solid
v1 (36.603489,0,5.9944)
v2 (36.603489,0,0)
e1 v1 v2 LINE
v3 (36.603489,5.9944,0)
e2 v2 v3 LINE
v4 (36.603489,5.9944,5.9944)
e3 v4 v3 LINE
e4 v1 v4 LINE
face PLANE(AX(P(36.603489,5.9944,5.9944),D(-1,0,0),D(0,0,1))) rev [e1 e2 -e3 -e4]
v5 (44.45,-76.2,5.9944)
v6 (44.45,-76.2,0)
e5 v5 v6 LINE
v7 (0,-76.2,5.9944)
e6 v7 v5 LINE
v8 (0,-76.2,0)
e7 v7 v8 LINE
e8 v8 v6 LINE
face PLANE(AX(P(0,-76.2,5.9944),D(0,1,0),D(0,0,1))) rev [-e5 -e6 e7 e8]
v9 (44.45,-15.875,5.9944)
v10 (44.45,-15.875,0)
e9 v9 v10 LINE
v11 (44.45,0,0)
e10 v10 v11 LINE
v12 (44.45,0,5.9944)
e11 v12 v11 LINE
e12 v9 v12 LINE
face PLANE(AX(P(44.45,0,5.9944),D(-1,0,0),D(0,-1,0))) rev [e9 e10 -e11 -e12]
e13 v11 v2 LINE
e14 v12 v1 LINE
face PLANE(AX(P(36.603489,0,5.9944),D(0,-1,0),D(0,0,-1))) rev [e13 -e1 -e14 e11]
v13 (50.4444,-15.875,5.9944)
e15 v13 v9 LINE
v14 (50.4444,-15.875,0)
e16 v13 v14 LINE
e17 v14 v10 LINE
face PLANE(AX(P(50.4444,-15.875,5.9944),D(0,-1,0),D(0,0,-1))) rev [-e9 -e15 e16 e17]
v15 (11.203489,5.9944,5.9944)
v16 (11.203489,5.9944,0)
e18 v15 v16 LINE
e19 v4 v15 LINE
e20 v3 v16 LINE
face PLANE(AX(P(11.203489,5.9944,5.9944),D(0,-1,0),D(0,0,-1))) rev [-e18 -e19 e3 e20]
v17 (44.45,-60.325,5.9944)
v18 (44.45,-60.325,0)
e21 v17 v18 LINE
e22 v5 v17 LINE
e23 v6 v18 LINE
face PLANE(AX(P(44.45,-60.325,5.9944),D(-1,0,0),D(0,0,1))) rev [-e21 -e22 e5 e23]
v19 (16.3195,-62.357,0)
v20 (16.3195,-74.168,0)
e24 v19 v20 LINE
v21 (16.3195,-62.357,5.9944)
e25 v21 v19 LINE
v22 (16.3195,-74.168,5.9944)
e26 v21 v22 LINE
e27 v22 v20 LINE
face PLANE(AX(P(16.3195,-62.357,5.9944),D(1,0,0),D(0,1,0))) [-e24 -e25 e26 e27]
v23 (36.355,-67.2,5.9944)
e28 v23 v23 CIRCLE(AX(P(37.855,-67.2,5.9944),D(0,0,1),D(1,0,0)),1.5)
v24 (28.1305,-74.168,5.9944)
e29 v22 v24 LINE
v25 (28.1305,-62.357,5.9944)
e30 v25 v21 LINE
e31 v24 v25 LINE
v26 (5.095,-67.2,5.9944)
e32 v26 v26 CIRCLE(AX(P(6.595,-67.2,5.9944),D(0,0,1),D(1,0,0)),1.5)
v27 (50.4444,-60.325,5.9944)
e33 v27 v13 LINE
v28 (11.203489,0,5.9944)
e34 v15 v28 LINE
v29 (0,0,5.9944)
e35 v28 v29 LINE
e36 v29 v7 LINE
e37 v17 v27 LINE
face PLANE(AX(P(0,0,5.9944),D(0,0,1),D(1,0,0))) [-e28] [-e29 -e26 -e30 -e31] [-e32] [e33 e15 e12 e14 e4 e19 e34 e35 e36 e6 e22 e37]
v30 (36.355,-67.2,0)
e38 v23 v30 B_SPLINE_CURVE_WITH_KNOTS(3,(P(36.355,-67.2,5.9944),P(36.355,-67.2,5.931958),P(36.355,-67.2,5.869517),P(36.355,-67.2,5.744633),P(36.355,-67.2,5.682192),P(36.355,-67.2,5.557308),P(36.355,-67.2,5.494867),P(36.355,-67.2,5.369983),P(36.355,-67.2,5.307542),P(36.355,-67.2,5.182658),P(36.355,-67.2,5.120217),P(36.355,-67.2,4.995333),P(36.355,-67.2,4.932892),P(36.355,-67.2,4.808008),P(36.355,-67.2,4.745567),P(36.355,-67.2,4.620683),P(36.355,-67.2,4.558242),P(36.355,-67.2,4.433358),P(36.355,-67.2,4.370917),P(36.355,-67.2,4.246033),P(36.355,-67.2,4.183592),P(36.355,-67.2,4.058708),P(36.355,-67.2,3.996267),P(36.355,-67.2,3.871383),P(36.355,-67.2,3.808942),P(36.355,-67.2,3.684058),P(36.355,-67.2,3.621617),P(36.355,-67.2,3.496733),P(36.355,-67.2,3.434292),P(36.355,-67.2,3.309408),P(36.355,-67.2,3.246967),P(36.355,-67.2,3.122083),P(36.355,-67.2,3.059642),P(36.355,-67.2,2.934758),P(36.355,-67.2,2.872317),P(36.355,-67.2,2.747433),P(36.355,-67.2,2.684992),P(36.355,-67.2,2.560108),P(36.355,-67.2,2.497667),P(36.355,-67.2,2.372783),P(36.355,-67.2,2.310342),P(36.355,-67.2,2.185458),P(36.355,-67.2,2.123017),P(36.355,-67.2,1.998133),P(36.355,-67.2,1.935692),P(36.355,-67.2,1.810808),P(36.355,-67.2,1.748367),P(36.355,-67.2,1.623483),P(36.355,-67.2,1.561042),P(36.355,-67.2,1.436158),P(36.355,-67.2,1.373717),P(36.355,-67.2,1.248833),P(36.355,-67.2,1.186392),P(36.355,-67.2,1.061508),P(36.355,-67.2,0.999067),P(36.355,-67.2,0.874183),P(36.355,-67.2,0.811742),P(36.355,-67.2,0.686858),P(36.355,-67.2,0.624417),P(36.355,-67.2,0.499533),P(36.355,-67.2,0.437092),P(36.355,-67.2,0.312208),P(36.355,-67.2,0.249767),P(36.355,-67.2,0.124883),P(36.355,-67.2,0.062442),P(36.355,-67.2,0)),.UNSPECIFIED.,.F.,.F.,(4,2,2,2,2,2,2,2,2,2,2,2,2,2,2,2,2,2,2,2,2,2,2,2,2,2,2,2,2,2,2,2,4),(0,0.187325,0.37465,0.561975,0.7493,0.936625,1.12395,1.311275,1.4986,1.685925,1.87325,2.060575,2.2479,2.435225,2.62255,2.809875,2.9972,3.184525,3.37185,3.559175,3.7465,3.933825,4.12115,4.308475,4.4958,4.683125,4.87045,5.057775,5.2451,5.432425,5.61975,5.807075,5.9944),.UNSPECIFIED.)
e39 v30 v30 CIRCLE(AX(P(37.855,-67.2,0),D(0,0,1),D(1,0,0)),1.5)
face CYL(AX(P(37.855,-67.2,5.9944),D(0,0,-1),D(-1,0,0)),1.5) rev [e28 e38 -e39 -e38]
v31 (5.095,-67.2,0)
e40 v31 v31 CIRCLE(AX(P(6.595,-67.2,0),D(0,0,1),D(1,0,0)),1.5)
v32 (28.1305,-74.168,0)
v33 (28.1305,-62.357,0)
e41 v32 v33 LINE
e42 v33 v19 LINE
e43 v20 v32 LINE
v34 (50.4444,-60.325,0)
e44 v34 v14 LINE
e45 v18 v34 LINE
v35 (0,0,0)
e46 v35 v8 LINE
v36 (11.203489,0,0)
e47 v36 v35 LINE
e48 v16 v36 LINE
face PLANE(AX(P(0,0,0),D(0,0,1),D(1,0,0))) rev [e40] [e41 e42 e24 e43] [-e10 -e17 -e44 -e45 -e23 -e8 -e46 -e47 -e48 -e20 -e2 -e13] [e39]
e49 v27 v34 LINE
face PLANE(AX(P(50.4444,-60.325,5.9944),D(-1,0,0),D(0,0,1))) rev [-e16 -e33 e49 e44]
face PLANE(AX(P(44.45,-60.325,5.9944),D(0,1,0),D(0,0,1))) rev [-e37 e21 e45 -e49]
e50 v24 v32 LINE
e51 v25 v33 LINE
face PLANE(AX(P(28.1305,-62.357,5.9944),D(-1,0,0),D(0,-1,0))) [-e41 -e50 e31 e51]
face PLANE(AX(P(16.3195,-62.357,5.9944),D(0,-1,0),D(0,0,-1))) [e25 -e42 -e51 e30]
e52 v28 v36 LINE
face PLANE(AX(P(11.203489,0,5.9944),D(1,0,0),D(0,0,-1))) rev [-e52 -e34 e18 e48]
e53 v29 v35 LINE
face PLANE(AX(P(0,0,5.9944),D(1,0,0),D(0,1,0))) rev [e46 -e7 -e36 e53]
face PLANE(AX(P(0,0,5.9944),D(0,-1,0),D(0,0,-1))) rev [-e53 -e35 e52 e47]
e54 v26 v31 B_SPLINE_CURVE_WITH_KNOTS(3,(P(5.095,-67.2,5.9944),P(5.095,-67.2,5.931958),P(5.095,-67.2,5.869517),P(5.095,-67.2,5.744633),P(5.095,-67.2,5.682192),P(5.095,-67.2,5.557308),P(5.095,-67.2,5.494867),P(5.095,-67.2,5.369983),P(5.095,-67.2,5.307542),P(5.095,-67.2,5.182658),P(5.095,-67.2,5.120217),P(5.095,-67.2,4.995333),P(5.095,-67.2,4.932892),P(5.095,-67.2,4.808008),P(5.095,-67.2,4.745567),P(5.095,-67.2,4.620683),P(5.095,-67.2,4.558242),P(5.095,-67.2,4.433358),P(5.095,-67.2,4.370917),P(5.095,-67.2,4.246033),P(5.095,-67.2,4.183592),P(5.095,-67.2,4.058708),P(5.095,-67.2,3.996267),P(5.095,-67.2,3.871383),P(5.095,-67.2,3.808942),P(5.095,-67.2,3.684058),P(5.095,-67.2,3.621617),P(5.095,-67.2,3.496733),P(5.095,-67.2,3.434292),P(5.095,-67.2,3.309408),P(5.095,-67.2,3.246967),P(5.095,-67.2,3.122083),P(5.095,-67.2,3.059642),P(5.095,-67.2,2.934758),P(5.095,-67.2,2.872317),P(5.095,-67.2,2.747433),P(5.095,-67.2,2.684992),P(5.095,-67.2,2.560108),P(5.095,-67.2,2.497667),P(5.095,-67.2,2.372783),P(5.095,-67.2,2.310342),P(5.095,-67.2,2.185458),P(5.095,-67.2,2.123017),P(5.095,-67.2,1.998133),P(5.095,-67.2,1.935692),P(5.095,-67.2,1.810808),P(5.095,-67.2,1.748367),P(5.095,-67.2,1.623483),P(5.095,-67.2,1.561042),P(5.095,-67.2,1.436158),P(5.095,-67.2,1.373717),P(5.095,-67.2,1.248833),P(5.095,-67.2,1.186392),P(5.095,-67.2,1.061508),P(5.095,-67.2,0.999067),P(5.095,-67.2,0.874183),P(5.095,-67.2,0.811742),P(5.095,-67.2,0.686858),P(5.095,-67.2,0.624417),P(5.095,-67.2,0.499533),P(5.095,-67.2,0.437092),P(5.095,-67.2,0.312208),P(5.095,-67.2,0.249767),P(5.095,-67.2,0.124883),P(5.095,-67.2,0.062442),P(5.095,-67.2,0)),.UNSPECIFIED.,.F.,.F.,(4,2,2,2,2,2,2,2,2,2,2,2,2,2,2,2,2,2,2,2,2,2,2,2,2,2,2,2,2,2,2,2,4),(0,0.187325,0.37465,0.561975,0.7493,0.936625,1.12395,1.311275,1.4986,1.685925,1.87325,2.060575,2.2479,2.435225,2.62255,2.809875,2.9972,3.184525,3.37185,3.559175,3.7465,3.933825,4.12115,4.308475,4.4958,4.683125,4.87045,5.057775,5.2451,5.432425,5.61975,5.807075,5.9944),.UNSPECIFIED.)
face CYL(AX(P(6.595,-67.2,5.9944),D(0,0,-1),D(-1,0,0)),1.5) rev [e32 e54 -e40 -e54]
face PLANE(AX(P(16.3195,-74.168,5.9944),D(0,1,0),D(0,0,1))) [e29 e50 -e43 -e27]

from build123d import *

# Parameters (mm, degrees)
SKETCH1_R           = 1.5
SKETCH1_W           = 11.811
SKETCH1_H           = 11.811
BOSS_EXTRUDE1_DEPTH = 5.9944


with BuildPart() as part:
    # Sketch1 → Boss-Extrude1 (new body)
    with BuildSketch(Plane.XY):
        Polygon((44.45, -60.325), (50.4444, -60.325), (50.4444, -15.875), (44.45, -15.875), (44.45, 0), (36.603489481, 0), (36.603489481, 5.9944), (11.203489481, 5.9944), (11.203489481, 0), (0, 0), (0, -76.2), (44.45, -76.2), align=None)
        with Locations(Location((6.595000018, -67.199999966, 0), (0, 0, 180))):
            Circle(SKETCH1_R, mode=Mode.SUBTRACT)
        with Locations(Location((37.854999982, -67.199999966, 0), (0, 0, 180))):
            Circle(SKETCH1_R, mode=Mode.SUBTRACT)
        with Locations((22.225, -68.2625)):
            Rectangle(SKETCH1_W, SKETCH1_H, mode=Mode.SUBTRACT)
    extrude(amount=BOSS_EXTRUDE1_DEPTH)


solid = part.part
